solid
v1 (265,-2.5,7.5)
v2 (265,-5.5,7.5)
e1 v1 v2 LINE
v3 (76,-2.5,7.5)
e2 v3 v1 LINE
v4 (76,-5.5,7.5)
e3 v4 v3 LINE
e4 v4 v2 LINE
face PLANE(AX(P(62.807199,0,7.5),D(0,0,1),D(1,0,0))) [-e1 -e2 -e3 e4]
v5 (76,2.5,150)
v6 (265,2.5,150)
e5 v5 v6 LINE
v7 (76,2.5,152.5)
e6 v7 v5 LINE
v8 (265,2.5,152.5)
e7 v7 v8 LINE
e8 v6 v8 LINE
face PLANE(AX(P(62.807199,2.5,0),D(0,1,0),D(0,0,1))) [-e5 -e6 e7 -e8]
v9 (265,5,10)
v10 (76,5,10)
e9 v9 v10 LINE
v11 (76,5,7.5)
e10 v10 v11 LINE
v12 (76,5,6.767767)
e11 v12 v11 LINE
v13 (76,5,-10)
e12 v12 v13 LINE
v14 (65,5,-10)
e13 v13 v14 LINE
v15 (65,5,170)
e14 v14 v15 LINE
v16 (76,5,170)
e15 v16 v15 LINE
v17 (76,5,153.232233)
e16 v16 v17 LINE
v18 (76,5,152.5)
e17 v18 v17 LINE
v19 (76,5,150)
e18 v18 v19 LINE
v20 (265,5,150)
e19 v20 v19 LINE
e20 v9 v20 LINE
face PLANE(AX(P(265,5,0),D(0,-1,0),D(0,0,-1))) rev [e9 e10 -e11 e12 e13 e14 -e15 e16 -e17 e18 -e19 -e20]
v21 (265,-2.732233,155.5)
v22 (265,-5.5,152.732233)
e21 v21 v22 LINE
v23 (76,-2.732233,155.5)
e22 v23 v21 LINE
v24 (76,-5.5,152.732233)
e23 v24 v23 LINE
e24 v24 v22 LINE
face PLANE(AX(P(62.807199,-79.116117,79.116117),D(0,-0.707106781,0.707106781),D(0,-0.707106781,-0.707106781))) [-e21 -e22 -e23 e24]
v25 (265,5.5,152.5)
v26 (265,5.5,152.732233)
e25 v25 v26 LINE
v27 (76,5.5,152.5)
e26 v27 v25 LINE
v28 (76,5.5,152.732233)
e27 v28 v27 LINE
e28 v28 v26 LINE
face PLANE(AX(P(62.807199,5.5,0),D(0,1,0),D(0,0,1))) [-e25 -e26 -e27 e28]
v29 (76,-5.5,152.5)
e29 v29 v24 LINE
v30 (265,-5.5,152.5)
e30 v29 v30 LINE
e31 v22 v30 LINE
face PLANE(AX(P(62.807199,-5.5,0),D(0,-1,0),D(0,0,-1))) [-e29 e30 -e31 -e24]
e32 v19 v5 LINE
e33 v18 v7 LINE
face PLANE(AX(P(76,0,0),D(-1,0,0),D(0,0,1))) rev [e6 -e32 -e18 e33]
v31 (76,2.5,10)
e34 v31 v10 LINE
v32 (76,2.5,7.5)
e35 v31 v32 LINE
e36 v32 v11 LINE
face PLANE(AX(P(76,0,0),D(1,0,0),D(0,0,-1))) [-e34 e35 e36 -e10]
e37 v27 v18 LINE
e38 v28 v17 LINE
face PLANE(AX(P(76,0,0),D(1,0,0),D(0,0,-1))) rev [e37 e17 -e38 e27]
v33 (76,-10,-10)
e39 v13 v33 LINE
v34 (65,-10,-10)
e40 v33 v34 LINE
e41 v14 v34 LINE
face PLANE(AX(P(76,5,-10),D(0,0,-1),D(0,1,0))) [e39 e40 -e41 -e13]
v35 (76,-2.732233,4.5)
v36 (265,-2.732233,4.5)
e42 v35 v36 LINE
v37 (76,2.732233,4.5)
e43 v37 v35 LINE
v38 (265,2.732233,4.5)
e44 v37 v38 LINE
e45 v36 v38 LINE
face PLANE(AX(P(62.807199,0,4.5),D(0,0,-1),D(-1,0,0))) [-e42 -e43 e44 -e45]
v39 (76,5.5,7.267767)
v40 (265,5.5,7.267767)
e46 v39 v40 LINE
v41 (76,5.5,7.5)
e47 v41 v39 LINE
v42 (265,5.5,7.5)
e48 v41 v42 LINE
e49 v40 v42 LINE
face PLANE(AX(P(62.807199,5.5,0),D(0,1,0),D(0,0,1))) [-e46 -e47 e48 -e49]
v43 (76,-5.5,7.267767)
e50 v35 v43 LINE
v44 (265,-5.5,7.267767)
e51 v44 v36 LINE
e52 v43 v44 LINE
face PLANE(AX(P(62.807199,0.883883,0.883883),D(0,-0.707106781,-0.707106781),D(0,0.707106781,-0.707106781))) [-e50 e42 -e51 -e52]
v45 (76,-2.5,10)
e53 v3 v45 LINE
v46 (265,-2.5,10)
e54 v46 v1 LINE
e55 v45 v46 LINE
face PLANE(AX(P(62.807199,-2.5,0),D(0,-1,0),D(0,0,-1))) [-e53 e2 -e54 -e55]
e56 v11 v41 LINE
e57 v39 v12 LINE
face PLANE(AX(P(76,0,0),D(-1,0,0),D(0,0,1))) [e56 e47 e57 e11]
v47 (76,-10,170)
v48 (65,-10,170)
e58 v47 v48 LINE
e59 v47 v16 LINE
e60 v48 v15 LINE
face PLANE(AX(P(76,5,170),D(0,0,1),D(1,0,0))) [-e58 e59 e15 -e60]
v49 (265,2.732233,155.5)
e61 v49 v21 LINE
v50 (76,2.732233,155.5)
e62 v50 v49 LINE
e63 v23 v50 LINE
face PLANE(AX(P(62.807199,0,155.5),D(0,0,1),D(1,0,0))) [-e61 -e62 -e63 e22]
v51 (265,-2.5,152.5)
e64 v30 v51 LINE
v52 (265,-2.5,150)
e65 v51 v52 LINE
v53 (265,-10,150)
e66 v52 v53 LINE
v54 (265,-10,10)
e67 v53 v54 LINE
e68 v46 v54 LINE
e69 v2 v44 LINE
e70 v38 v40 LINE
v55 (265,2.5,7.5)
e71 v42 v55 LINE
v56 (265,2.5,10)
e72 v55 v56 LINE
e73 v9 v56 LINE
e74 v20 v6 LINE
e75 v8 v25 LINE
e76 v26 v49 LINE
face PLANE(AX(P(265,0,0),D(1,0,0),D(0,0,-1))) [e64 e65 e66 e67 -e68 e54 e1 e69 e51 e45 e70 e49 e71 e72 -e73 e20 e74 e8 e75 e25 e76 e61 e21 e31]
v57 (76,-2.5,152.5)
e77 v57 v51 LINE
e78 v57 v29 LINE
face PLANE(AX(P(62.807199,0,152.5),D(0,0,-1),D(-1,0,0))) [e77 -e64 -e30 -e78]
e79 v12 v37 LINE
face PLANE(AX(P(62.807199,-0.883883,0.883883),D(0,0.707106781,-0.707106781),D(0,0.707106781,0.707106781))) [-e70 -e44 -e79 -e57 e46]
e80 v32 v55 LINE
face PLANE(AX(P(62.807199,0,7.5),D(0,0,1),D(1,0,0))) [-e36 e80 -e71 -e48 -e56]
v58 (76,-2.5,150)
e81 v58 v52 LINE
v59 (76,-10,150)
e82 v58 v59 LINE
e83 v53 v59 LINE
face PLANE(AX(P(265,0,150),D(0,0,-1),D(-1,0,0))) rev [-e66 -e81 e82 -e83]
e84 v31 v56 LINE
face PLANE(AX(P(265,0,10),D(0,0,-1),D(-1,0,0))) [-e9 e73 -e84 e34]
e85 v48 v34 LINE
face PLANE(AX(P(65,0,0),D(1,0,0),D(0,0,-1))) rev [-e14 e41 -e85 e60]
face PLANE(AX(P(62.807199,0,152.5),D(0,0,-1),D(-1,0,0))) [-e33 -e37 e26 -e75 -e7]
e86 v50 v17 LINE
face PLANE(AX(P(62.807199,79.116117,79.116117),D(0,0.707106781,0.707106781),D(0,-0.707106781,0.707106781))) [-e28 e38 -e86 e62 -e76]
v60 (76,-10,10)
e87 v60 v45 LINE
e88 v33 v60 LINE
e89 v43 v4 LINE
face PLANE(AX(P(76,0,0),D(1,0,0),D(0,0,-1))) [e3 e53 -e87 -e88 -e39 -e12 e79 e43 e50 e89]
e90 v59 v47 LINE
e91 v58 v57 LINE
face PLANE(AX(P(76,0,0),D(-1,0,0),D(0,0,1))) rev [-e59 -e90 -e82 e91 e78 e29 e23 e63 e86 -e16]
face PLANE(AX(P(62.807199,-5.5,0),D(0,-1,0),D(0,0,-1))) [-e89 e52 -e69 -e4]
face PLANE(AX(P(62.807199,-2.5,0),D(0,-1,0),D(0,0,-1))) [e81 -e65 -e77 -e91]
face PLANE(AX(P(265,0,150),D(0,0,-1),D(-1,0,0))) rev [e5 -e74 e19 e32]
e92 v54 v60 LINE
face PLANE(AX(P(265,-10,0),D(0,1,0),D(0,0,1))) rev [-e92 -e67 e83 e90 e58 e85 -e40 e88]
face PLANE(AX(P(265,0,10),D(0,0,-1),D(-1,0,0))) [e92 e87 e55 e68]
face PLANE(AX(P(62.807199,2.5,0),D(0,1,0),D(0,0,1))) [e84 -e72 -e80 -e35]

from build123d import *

# Parameters (mm, degrees)
SKETCH1_R           = 2.1
BOSS_EXTRUDE1_DEPTH = 65
BOSS_EXTRUDE6_DEPTH = 200
SKETCH85_W          = 34.906324044
SKETCH85_H          = 40.252337635
CUT_EXTRUDE59_DEPTH = 65
SKETCH87_W          = 20
SKETCH87_H          = 15
BOSS_EXTRUDE7_DEPTH = 11
SKETCH88_W          = 1.985779144
SKETCH88_H          = 1.348664344
SKETCH88_W_2        = 1.884447459
SKETCH88_H_2        = 1.174834559
CUT_EXTRUDE60_DEPTH = 11
CUT_EXTRUDE61_DEPTH = 189


with BuildPart() as part:
    # Sketch1 → Boss-Extrude1 (new body)
    with BuildSketch(Plane(origin=(0, 0, 0), x_dir=(0, 0, -1), z_dir=(1, 0, 0))):
        with BuildLine():
            Line((-10, 9), (-10, 3))
            Line((-10, 3), (-8, 3))
            Line((-8, 3), (-8, 6))
            Line((-8, 6), (-7.060660172, 6))
            Line((-7.060660172, 6), (-4, 2.939339828))
            Line((-4, 2.939339828), (-4, -2.939339828))
            Line((-4, -2.939339828), (-7.060660172, -6))
            Line((-7.060660172, -6), (-8, -6))
            Line((-8, -6), (-8, -3))
            Line((-8, -3), (-10, -3))
            Line((-10, -3), (-10, -9))
            ThreePointArc((-10, -9), (-9.707106781, -9.707106781), (-9, -10))
            Line((-9, -10), (-3, -10))
            Line((-3, -10), (-3, -8))
            Line((-3, -8), (-6, -8))
            Line((-6, -8), (-6, -7.060660172))
            Line((-6, -7.060660172), (-2.939339828, -4))
            Line((-2.939339828, -4), (2.939339828, -4))
            Line((2.939339828, -4), (6, -7.060660172))
            Line((6, -7.060660172), (6, -8))
            Line((6, -8), (3, -8))
            Line((3, -8), (3, -10))
            Line((3, -10), (9, -10))
            ThreePointArc((9, -10), (9.707106781, -9.707106781), (10, -9))
            Line((10, -9), (10, -3))
            Line((10, -3), (8, -3))
            Line((8, -3), (8, -6))
            Line((8, -6), (7.060660172, -6))
            Line((7.060660172, -6), (4, -2.939339828))
            Line((4, -2.939339828), (4, 2.939339828))
            Line((4, 2.939339828), (7.060660172, 6))
            Line((7.060660172, 6), (8, 6))
            Line((8, 6), (8, 3))
            Line((8, 3), (10, 3))
            Line((10, 3), (10, 9))
            ThreePointArc((10, 9), (9.707106781, 9.707106781), (9, 10))
            Line((9, 10), (3, 10))
            Line((3, 10), (3, 8))
            Line((3, 8), (6, 8))
            Line((6, 8), (6, 7.060660172))
            Line((6, 7.060660172), (2.939339828, 4))
            Line((2.939339828, 4), (-2.939339828, 4))
            Line((-2.939339828, 4), (-6, 7.060660172))
            Line((-6, 7.060660172), (-6, 8))
            Line((-6, 8), (-3, 8))
            Line((-3, 8), (-3, 10))
            Line((-3, 10), (-9, 10))
            ThreePointArc((-9, 10), (-9.707106781, 9.707106781), (-10, 9))
        make_face()
        Circle(SKETCH1_R, mode=Mode.SUBTRACT)
    extrude(amount=BOSS_EXTRUDE1_DEPTH)

    # Sketch85 → Cut-Extrude59 (cut)
    with BuildSketch(Plane.ZY):
        with Locations((-1.630437185, 0.066948306)):
            Rectangle(SKETCH85_W, SKETCH85_H)
    extrude(amount=-CUT_EXTRUDE59_DEPTH, mode=Mode.SUBTRACT)


with BuildPart() as body_2:
    # Sketch84 → Boss-Extrude6 (new body)
    with BuildSketch(Plane(origin=(65, 0, 0), x_dir=(0, 0, -1), z_dir=(1, 0, 0))):
        Polygon((-150, -2.9), (-150, 2.9), (-152.1, 2.9), (-152.1, 5.9), (-152.897918472, 5.9), (-155.9, 2.897918472), (-155.9, -2.897918472), (-152.897918472, -5.9), (-152.1, -5.9), (-152.1, -2.9), align=None)
        Polygon((-80, -10), (-80, 5), (-150, 5), (-150, 3), (-150, 2.9), (-150, -2.9), (-150, -3), (-150, -10), align=None)
        Polygon((-10, 2.9), (-10, 3), (-10, 5), (-80, 5), (-80, -10), (-10, -10), (-10, -9), (-10, -3), (-10, -2.9), (-7.9, -2.9), (-7.9, -5.9), (-7.102081528, -5.9), (-4.1, -2.897918472), (-4.1, 2.897918472), (-7.102081528, 5.9), (-7.9, 5.9), (-7.9, 2.9), align=None)
    extrude(amount=BOSS_EXTRUDE6_DEPTH)

    # Sketch87 → Boss-Extrude7 (add)
    with BuildSketch(Plane.ZY.offset(-65)):
        with Locations((160, -2.5)):
            Rectangle(SKETCH87_W, SKETCH87_H)
        with Locations((0, -2.5)):
            Rectangle(SKETCH87_W, SKETCH87_H)
    extrude(amount=-BOSS_EXTRUDE7_DEPTH)

    # Sketch88 → Cut-Extrude60 (cut)
    with BuildSketch(Plane.ZY.offset(-65)):
        with Locations((153.092889572, 5.674332172)):
            Rectangle(SKETCH88_W, SKETCH88_H)
        with Locations((6.957776271, 5.58741728)):
            Rectangle(SKETCH88_W_2, SKETCH88_H_2)
    extrude(amount=-CUT_EXTRUDE60_DEPTH, mode=Mode.SUBTRACT)

    # Sketch89 → Cut-Extrude61 (cut)
    with BuildSketch(Plane(origin=(265, 0, 0), x_dir=(0, 0, -1), z_dir=(1, 0, 0))):
        Polygon((-7.9, 2.9), (-10, 2.9), (-10, 2.5), (-9.6, 2.5), (-7.5, 2.5), (-7.5, 5.5), (-7.267766953, 5.5), (-4.5, 2.732233047), (-4.5, -2.732233047), (-7.267766953, -5.5), (-7.5, -5.5), (-7.5, -2.5), (-9.6, -2.5), (-10, -2.5), (-10, -2.9), (-7.9, -2.9), (-7.9, -5.9), (-7.102081528, -5.9), (-4.1, -2.897918472), (-4.1, 2.897918472), (-7.102081528, 5.9), (-7.9, 5.9), align=None)
        Polygon((-150, 2.5), (-150, 2.9), (-152.1, 2.9), (-152.1, 5.9), (-152.897918472, 5.9), (-155.9, 2.897918472), (-155.9, -2.897918472), (-152.897918472, -5.9), (-152.1, -5.9), (-152.1, -2.9), (-150, -2.9), (-150, -2.5), (-150.4, -2.5), (-152.5, -2.5), (-152.5, -5.5), (-152.732233047, -5.5), (-155.5, -2.732233047), (-155.5, 2.732233047), (-152.732233047, 5.5), (-152.5, 5.5), (-152.5, 2.5), (-150.4, 2.5), align=None)
    extrude(amount=-CUT_EXTRUDE61_DEPTH, mode=Mode.SUBTRACT)


solid = body_2.part
